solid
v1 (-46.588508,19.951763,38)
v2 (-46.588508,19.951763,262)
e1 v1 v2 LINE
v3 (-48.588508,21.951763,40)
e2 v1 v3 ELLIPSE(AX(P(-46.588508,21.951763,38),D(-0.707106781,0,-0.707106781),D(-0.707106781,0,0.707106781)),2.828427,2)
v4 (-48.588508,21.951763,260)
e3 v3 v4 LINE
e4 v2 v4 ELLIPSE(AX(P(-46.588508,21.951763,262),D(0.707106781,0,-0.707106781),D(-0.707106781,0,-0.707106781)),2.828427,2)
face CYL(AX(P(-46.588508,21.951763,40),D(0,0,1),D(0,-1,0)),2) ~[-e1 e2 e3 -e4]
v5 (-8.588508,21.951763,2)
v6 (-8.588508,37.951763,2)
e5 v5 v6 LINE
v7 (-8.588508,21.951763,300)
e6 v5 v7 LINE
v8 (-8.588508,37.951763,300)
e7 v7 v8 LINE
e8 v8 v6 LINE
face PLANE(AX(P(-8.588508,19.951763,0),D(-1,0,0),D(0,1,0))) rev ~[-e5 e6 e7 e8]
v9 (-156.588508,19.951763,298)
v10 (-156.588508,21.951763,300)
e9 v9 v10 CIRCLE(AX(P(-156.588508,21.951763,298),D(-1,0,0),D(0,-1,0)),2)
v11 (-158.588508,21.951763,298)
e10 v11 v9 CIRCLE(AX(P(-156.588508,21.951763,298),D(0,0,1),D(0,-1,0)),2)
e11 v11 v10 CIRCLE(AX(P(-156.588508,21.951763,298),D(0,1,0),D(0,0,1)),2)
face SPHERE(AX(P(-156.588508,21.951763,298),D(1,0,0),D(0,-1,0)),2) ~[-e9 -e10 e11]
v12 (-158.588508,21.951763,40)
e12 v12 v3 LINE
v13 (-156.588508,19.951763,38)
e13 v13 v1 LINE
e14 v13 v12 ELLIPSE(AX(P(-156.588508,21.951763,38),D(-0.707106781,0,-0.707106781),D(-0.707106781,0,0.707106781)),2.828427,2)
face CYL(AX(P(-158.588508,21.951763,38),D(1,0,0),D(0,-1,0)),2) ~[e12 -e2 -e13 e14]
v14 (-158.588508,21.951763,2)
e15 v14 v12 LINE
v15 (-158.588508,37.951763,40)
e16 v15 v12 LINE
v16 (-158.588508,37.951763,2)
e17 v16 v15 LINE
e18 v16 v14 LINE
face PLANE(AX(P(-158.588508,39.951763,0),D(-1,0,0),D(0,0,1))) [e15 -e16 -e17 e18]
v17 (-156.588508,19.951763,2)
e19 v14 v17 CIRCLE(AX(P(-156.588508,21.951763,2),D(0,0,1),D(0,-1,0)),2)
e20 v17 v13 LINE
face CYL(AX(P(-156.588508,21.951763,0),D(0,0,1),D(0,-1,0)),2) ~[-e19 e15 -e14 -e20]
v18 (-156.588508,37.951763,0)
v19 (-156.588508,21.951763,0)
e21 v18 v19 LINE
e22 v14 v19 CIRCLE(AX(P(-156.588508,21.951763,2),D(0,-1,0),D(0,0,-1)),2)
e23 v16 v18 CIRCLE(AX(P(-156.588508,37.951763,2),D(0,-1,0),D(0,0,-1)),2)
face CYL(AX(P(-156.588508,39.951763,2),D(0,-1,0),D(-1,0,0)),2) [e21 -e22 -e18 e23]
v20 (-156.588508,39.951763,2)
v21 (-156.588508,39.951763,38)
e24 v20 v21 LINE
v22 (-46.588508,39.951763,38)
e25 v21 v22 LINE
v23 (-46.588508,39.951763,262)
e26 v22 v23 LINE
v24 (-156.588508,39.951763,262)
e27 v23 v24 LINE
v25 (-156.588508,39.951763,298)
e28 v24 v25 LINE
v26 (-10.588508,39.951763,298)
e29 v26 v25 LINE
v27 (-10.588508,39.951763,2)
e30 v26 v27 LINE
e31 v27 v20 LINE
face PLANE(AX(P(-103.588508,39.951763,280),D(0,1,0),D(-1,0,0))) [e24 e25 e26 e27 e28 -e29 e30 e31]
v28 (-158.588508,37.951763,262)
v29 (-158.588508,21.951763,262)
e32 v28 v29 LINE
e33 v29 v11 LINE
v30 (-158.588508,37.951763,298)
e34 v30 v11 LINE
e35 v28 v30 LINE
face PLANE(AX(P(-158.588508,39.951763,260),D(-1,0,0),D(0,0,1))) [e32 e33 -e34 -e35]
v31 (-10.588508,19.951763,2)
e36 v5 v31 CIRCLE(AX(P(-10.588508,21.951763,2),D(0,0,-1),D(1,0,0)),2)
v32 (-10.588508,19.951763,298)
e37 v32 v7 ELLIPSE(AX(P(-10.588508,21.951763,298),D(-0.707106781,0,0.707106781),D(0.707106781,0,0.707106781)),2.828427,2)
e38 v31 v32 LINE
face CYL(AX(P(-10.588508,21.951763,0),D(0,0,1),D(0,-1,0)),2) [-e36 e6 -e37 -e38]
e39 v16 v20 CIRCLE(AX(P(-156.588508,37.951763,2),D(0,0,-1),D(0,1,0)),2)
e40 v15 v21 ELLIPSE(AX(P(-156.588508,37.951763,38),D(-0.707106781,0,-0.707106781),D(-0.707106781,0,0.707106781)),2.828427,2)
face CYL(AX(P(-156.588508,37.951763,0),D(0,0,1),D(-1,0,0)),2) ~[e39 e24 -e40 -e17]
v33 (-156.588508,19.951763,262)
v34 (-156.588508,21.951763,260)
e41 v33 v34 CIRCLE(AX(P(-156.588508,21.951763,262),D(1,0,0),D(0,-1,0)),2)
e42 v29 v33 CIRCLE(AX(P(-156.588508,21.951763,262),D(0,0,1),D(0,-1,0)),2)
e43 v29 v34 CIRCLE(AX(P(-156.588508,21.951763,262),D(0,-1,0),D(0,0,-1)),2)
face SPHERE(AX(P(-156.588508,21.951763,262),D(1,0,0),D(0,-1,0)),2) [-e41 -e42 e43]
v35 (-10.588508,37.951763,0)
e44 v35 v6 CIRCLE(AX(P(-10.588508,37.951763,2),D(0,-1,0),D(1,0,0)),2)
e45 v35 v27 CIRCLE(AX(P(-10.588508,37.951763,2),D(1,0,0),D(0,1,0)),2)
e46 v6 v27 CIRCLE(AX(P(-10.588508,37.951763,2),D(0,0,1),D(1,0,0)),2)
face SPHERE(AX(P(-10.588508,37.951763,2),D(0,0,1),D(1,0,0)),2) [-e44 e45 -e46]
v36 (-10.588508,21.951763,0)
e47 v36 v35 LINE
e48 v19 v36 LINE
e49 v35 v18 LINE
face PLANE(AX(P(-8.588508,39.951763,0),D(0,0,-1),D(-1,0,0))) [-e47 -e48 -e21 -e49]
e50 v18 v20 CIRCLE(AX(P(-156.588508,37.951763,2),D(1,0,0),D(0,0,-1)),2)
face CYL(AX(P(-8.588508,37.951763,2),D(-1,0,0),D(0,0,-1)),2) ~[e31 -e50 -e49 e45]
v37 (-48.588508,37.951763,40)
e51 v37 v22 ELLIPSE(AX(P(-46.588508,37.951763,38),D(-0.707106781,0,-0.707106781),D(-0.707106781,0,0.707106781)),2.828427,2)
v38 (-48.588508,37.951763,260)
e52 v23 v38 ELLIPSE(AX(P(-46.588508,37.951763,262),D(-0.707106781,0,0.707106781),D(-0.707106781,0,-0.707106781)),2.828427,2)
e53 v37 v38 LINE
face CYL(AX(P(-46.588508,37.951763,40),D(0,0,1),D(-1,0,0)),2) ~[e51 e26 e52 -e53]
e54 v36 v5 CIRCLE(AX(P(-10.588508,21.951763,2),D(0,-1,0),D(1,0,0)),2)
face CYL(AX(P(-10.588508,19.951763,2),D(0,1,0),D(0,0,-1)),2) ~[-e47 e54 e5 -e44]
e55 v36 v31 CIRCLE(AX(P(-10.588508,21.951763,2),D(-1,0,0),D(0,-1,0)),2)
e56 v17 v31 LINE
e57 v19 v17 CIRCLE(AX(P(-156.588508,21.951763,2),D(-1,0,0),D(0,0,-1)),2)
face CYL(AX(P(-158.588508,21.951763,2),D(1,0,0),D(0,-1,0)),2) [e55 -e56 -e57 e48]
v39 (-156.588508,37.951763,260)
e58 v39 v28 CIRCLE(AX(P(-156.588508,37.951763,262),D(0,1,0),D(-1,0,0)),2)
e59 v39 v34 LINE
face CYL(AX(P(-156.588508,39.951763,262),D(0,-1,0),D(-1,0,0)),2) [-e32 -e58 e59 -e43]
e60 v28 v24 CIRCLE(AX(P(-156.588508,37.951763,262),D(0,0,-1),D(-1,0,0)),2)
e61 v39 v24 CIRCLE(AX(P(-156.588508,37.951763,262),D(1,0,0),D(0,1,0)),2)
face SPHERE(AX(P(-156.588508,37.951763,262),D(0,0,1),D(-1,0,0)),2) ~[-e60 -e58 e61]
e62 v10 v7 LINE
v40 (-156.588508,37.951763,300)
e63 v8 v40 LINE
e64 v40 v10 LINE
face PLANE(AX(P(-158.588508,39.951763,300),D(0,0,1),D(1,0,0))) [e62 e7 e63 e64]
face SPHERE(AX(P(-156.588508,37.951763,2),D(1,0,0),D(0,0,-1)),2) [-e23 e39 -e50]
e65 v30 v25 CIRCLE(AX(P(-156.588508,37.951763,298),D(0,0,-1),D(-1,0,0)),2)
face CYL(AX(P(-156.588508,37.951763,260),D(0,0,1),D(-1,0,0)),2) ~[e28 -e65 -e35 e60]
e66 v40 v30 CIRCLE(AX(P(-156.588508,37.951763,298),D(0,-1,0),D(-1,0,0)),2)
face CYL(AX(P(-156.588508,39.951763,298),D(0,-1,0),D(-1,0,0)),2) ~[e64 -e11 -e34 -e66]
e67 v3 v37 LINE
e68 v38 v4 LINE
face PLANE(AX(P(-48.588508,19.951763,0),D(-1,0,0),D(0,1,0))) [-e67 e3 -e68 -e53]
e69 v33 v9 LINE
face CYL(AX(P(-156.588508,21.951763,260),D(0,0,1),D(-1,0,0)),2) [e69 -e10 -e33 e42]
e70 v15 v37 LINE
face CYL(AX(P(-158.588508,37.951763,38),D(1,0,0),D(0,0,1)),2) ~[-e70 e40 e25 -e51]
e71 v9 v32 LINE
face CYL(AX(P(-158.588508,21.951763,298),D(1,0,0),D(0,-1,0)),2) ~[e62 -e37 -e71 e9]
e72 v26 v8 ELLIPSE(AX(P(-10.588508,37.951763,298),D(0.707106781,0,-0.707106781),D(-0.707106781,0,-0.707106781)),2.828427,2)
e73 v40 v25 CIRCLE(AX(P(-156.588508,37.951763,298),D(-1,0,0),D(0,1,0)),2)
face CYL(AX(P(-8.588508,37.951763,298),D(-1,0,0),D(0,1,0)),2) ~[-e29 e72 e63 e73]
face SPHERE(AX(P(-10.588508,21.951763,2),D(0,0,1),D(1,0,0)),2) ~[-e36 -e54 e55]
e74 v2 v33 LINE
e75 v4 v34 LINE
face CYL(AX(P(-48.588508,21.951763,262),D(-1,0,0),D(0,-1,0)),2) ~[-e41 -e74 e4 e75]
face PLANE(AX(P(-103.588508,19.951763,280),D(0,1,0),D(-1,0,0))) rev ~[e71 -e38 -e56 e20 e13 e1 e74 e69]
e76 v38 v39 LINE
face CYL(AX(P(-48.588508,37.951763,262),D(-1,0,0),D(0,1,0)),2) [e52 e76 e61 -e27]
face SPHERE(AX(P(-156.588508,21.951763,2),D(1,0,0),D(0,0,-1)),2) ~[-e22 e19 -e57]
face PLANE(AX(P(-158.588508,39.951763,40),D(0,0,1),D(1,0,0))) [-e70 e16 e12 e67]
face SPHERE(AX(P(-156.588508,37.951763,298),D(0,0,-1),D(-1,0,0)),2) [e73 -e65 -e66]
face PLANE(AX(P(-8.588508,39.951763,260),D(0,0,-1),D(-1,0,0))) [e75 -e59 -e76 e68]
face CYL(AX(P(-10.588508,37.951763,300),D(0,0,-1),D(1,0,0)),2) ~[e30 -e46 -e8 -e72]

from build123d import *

# Parameters (mm, degrees)
F0_W     = 40
F0_H     = 20
F1_DEPTH = 300
F2_W     = 110
F2_H     = 40
F2_W_2   = 40
F3_DEPTH = 20
F4_R     = 2


with BuildPart() as f1:
    # F0 (on Top) → F1 (new body)
    with BuildSketch(Plane.XY):
        with Locations((-28.588508, 29.951763)):
            Rectangle(F0_W, F0_H)
    extrude(amount=F1_DEPTH)

    # F2 (on face) → F3 (join)
    with BuildSketch(Plane(origin=(0, 39.951763, 0), x_dir=(-1, 0, 0), z_dir=(0, 1, 0))):
        with Locations((103.588508, 280)):
            Rectangle(F2_W, F2_H)
        with Locations((28.588508, 280)):
            Rectangle(F2_W_2, F2_H)
        with Locations((28.588508, 20)):
            Rectangle(F2_W_2, F2_H)
        with Locations((103.588508, 20)):
            Rectangle(F2_W, F2_H)
    extrude(amount=-F3_DEPTH)

    # F4
    f4_edges = [f1.edges().sort_by_distance(p)[0] for p in [
        (-103.588508, 19.951763, 260),
        (-48.588508, 19.951763, 150),
        (-8.588508, 19.951763, 150),
        (-83.588508, 19.951763, 300),
        (-158.588508, 19.951763, 280),
        (-158.588508, 39.951763, 280),
        (-158.588508, 29.951763, 260),
        (-158.588508, 29.951763, 300),
        (-83.588508, 39.951763, 300),
        (-103.588508, 39.951763, 260),
        (-48.588508, 39.951763, 150),
        (-8.588508, 39.951763, 150),
        (-8.588508, 29.951763, 0),
        (-83.588508, 39.951763, 0),
        (-83.588508, 19.951763, 0),
        (-158.588508, 29.951763, 0),
        (-158.588508, 39.951763, 20),
        (-158.588508, 19.951763, 20),
        (-103.588508, 19.951763, 40),
        (-103.588508, 39.951763, 40),
    ]]
    fillet(f4_edges, radius=F4_R)


solid = f1.part
